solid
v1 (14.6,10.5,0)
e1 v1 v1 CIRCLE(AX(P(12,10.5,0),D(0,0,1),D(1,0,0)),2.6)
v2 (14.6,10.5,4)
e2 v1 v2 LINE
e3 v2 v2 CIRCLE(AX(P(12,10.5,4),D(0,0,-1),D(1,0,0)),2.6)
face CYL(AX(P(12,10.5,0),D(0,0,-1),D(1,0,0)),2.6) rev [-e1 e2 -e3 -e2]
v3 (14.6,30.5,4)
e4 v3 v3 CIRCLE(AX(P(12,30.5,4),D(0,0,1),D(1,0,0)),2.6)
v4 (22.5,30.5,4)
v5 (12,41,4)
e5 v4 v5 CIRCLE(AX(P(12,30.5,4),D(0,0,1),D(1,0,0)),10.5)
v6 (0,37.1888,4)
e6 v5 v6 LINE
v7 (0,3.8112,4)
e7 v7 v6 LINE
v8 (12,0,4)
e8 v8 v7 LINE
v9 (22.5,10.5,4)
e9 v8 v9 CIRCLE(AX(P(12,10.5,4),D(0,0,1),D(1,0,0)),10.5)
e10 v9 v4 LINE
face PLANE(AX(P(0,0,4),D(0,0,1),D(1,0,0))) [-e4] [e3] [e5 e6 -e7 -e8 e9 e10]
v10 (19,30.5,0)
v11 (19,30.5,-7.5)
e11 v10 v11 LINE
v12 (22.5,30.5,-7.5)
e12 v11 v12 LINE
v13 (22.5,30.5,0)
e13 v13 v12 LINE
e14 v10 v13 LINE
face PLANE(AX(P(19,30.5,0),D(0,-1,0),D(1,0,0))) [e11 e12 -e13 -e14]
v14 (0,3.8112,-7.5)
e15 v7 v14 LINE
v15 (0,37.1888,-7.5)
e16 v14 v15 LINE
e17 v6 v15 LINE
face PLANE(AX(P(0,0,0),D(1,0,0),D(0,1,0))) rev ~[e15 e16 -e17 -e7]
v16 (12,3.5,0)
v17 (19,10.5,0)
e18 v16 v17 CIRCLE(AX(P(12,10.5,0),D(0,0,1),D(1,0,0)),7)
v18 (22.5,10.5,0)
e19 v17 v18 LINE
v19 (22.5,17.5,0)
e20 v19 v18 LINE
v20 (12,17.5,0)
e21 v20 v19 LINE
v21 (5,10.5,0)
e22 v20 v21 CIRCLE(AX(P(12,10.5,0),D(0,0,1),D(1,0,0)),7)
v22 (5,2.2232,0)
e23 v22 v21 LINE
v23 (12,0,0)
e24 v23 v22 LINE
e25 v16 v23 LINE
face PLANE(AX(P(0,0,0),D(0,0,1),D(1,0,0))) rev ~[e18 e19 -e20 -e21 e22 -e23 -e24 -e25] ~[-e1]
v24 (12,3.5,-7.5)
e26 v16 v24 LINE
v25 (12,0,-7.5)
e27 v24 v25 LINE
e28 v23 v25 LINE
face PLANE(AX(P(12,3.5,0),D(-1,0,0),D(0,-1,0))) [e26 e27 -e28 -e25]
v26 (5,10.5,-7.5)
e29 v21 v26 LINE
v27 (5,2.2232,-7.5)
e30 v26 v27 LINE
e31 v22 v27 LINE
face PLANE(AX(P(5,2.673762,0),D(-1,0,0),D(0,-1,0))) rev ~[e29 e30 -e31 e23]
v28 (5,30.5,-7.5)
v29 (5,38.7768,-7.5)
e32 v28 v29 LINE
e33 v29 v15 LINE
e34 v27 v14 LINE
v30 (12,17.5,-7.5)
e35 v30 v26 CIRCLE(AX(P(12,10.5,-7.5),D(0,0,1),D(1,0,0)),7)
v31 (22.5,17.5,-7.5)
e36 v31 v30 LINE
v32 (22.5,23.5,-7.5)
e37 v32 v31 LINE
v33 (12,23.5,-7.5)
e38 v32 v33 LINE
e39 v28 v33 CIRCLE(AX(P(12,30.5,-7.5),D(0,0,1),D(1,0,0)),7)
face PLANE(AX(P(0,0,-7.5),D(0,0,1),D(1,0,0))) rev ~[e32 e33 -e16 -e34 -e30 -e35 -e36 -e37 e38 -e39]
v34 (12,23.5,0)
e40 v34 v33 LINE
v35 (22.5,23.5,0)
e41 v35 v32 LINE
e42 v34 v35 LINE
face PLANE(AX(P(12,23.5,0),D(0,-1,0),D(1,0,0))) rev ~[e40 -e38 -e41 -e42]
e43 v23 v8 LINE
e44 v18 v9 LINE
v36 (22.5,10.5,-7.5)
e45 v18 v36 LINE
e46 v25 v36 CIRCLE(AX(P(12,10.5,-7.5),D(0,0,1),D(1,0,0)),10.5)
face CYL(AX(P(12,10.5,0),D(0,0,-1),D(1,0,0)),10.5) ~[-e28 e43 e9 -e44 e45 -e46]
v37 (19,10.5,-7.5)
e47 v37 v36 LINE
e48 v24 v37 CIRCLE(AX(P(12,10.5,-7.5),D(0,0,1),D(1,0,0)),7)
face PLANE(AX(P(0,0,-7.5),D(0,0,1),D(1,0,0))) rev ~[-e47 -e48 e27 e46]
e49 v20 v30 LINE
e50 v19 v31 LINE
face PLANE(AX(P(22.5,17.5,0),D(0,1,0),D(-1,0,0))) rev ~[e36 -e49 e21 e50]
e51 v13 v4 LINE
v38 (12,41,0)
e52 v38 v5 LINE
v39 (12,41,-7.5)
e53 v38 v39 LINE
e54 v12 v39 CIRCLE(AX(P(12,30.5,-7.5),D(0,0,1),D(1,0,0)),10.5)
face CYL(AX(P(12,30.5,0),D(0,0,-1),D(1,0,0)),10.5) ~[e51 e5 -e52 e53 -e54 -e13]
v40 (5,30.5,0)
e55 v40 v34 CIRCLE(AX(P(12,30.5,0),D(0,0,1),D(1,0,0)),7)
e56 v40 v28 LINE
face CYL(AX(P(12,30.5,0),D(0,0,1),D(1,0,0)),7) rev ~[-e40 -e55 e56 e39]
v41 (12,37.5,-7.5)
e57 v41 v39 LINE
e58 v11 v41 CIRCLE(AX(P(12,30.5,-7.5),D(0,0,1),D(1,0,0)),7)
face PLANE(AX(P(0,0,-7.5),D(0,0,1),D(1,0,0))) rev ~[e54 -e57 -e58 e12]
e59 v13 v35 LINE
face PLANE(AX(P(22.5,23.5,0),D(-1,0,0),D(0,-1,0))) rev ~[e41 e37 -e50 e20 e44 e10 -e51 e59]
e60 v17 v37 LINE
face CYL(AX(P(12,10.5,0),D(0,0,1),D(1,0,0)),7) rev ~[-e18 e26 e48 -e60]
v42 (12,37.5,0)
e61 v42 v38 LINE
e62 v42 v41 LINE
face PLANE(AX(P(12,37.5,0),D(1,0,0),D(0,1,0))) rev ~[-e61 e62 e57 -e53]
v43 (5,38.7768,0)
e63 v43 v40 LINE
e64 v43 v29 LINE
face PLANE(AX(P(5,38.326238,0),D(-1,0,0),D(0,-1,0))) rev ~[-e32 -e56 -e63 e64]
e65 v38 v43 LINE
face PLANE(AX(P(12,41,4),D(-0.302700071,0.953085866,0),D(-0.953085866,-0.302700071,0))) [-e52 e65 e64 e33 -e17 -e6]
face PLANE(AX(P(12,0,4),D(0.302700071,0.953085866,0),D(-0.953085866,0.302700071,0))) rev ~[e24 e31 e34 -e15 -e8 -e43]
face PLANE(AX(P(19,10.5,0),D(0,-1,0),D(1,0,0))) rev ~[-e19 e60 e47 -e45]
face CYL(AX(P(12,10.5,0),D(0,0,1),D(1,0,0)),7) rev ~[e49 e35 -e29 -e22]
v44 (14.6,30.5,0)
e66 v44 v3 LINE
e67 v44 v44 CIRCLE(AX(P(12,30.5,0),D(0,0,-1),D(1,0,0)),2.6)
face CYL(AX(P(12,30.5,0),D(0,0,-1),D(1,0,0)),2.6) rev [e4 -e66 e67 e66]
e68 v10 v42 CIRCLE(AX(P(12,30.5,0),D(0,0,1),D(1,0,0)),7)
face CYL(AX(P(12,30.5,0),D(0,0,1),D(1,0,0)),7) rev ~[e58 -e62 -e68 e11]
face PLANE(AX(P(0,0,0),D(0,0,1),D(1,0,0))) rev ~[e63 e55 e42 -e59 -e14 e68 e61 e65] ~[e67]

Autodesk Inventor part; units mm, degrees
ref_plane "YZ Plane" through (0, 0, 0) normal (1, 0, 0) x (0, 1, 0)
ref_plane "XZ Plane" through (0, 0, 0) normal (0, 1, 0) x (-1, 0, 0)
ref_plane "XY Plane" through (0, 0, 0) normal (0, 0, 1) x (1, 0, 0)
sketch "Sketch1" plane through (0, 0, 0) normal (0, 0, 1) x (1, 0, 0)
  circle A0 centre (12, 30.5) radius 7
  circle A1 centre (12, 10.5) radius 7
  line L0 (5, 23.5) -> (22.5, 23.5)
  line L1 (22.5, 23.5) -> (22.5, 17.5)
  line L2 (22.5, 17.5) -> (5, 17.5)
  line L3 (5, 17.5) -> (5, 23.5)
  line L4 (0, 41) -> (5, 41)
  line L5 (5, 41) -> (5, 0)
  line L6 (5, 0) -> (0, 0)
  line L7 (0, 0) -> (0, 41)
  circle A2 centre (12, 10.5) radius 2.6
  circle A3 centre (12, 30.5) radius 2.6
  circle A4 centre (12, 30.5) radius 10.5
  circle A5 centre (12, 10.5) radius 10.5
  line L8 (5, 41) -> (12, 41)
  line L9 (22.5, 23.5) -> (22.5, 30.5)
  line L10 (22.5, 17.5) -> (22.5, 10.5)
  line L11 (5, 0) -> (12, 0)
  line L12 (12, 10.5) -> (12, 0)
  line L13 (12, 10.5) -> (22.5, 10.5)
  line L14 (12, 30.5) -> (12, 41)
  line L15 (12, 30.5) -> (22.5, 30.5)
  point P0 (5, 17.5)
  point P1 (5, 23.5)
  point P2 (5, 10.5)
  point P3 (12, 17.5)
  point P4 (5, 30.5)
  point P5 (12, 23.5)
  point P6 (19, 10.5)
  point P7 (12, 3.5)
  point P8 (19, 30.5)
  point P9 (12, 37.5)
  dimension "d0" = 20
  dimension "d1" = 14
  dimension "d2" = 5.2
  dimension "d3" = 5.2
  dimension "d6" = 3.5
  dimension "d13" = 5
extrude "Extrusion1" add sketch "Sketch1" against normal blind 7.5 contours A0 L14 A4 L15 | L0 L5 A0 | L0 A4 A5 L3 | L5 L3 A4 | L0 L1 L2 A5 A4 | A4 L3 A5 L5 L6 L7 L4 | A4 A5 L3 | A5 L2 L3 A4 | A4 A5 | L3 L5 A5 | A5 L12 A1 L13 | L2 A1 L5
extrude "Extrusion2" add sketch "Sketch1" along normal blind 4 contours L15 A3 L14 A0 | L15 A4 L0 A0 | A0 L14 A3 L15 | A0 L14 A4 L15 | A0 L5 A4 L14 | L0 L5 A0 | L0 A4 A5 L3 | L9 L0 A4 | L5 L3 A4 | A4 L5 L8 | L0 L1 L2 A5 A4 | A4 L3 A5 L5 L6 L7 L4 | A4 A5 L3 | A5 L2 L3 A4 | A4 A5 | L10 A5 L2 | L3 L5 A5 | A5 L13 A1 L2 | A5 L12 A1 L13 | L2 A1 L5 | A5 L11 L5 | L5 A1 L12 A5 | A1 L13 A2 L12 | A1 L12 A2 L13
sketch "Sketch2" plane through (0, 0, 4) normal (0, 0, 1) x (1, 0, 0)
  line L0 (12, 41) -> (0, 41) projected
  line L1 (0, 41) -> (0, 0) projected
  line L2 (0, 0) -> (12, 0) projected
  arc A0 (12, 0) -> (22.5, 10.5) centre (12, 10.5) ccw projected
  line L3 (22.5, 10.5) -> (22.5, 30.5) projected
  arc A1 (22.5, 30.5) -> (12, 41) centre (12, 30.5) ccw projected
  circle A2 centre (12, 10.5) radius 2.6 projected
  circle A3 centre (12, 30.5) radius 2.6 projected
  arc A4 (22.5, 30.5) -> (12, 41) centre (12, 30.5) ccw projected
  line L4 (12, 41) -> (0, 37.1888)
  line L5 (5, 0) -> (12, 0) projected
  line L6 (12, 0) -> (0, 3.8112)
  dimension "d14" = 17.62
extrude "Extrusion3" cut sketch "Sketch2" against normal through all contours L4 L1 L0 | L6 L2 L1
properties part number "XZ Bearing Cage"
